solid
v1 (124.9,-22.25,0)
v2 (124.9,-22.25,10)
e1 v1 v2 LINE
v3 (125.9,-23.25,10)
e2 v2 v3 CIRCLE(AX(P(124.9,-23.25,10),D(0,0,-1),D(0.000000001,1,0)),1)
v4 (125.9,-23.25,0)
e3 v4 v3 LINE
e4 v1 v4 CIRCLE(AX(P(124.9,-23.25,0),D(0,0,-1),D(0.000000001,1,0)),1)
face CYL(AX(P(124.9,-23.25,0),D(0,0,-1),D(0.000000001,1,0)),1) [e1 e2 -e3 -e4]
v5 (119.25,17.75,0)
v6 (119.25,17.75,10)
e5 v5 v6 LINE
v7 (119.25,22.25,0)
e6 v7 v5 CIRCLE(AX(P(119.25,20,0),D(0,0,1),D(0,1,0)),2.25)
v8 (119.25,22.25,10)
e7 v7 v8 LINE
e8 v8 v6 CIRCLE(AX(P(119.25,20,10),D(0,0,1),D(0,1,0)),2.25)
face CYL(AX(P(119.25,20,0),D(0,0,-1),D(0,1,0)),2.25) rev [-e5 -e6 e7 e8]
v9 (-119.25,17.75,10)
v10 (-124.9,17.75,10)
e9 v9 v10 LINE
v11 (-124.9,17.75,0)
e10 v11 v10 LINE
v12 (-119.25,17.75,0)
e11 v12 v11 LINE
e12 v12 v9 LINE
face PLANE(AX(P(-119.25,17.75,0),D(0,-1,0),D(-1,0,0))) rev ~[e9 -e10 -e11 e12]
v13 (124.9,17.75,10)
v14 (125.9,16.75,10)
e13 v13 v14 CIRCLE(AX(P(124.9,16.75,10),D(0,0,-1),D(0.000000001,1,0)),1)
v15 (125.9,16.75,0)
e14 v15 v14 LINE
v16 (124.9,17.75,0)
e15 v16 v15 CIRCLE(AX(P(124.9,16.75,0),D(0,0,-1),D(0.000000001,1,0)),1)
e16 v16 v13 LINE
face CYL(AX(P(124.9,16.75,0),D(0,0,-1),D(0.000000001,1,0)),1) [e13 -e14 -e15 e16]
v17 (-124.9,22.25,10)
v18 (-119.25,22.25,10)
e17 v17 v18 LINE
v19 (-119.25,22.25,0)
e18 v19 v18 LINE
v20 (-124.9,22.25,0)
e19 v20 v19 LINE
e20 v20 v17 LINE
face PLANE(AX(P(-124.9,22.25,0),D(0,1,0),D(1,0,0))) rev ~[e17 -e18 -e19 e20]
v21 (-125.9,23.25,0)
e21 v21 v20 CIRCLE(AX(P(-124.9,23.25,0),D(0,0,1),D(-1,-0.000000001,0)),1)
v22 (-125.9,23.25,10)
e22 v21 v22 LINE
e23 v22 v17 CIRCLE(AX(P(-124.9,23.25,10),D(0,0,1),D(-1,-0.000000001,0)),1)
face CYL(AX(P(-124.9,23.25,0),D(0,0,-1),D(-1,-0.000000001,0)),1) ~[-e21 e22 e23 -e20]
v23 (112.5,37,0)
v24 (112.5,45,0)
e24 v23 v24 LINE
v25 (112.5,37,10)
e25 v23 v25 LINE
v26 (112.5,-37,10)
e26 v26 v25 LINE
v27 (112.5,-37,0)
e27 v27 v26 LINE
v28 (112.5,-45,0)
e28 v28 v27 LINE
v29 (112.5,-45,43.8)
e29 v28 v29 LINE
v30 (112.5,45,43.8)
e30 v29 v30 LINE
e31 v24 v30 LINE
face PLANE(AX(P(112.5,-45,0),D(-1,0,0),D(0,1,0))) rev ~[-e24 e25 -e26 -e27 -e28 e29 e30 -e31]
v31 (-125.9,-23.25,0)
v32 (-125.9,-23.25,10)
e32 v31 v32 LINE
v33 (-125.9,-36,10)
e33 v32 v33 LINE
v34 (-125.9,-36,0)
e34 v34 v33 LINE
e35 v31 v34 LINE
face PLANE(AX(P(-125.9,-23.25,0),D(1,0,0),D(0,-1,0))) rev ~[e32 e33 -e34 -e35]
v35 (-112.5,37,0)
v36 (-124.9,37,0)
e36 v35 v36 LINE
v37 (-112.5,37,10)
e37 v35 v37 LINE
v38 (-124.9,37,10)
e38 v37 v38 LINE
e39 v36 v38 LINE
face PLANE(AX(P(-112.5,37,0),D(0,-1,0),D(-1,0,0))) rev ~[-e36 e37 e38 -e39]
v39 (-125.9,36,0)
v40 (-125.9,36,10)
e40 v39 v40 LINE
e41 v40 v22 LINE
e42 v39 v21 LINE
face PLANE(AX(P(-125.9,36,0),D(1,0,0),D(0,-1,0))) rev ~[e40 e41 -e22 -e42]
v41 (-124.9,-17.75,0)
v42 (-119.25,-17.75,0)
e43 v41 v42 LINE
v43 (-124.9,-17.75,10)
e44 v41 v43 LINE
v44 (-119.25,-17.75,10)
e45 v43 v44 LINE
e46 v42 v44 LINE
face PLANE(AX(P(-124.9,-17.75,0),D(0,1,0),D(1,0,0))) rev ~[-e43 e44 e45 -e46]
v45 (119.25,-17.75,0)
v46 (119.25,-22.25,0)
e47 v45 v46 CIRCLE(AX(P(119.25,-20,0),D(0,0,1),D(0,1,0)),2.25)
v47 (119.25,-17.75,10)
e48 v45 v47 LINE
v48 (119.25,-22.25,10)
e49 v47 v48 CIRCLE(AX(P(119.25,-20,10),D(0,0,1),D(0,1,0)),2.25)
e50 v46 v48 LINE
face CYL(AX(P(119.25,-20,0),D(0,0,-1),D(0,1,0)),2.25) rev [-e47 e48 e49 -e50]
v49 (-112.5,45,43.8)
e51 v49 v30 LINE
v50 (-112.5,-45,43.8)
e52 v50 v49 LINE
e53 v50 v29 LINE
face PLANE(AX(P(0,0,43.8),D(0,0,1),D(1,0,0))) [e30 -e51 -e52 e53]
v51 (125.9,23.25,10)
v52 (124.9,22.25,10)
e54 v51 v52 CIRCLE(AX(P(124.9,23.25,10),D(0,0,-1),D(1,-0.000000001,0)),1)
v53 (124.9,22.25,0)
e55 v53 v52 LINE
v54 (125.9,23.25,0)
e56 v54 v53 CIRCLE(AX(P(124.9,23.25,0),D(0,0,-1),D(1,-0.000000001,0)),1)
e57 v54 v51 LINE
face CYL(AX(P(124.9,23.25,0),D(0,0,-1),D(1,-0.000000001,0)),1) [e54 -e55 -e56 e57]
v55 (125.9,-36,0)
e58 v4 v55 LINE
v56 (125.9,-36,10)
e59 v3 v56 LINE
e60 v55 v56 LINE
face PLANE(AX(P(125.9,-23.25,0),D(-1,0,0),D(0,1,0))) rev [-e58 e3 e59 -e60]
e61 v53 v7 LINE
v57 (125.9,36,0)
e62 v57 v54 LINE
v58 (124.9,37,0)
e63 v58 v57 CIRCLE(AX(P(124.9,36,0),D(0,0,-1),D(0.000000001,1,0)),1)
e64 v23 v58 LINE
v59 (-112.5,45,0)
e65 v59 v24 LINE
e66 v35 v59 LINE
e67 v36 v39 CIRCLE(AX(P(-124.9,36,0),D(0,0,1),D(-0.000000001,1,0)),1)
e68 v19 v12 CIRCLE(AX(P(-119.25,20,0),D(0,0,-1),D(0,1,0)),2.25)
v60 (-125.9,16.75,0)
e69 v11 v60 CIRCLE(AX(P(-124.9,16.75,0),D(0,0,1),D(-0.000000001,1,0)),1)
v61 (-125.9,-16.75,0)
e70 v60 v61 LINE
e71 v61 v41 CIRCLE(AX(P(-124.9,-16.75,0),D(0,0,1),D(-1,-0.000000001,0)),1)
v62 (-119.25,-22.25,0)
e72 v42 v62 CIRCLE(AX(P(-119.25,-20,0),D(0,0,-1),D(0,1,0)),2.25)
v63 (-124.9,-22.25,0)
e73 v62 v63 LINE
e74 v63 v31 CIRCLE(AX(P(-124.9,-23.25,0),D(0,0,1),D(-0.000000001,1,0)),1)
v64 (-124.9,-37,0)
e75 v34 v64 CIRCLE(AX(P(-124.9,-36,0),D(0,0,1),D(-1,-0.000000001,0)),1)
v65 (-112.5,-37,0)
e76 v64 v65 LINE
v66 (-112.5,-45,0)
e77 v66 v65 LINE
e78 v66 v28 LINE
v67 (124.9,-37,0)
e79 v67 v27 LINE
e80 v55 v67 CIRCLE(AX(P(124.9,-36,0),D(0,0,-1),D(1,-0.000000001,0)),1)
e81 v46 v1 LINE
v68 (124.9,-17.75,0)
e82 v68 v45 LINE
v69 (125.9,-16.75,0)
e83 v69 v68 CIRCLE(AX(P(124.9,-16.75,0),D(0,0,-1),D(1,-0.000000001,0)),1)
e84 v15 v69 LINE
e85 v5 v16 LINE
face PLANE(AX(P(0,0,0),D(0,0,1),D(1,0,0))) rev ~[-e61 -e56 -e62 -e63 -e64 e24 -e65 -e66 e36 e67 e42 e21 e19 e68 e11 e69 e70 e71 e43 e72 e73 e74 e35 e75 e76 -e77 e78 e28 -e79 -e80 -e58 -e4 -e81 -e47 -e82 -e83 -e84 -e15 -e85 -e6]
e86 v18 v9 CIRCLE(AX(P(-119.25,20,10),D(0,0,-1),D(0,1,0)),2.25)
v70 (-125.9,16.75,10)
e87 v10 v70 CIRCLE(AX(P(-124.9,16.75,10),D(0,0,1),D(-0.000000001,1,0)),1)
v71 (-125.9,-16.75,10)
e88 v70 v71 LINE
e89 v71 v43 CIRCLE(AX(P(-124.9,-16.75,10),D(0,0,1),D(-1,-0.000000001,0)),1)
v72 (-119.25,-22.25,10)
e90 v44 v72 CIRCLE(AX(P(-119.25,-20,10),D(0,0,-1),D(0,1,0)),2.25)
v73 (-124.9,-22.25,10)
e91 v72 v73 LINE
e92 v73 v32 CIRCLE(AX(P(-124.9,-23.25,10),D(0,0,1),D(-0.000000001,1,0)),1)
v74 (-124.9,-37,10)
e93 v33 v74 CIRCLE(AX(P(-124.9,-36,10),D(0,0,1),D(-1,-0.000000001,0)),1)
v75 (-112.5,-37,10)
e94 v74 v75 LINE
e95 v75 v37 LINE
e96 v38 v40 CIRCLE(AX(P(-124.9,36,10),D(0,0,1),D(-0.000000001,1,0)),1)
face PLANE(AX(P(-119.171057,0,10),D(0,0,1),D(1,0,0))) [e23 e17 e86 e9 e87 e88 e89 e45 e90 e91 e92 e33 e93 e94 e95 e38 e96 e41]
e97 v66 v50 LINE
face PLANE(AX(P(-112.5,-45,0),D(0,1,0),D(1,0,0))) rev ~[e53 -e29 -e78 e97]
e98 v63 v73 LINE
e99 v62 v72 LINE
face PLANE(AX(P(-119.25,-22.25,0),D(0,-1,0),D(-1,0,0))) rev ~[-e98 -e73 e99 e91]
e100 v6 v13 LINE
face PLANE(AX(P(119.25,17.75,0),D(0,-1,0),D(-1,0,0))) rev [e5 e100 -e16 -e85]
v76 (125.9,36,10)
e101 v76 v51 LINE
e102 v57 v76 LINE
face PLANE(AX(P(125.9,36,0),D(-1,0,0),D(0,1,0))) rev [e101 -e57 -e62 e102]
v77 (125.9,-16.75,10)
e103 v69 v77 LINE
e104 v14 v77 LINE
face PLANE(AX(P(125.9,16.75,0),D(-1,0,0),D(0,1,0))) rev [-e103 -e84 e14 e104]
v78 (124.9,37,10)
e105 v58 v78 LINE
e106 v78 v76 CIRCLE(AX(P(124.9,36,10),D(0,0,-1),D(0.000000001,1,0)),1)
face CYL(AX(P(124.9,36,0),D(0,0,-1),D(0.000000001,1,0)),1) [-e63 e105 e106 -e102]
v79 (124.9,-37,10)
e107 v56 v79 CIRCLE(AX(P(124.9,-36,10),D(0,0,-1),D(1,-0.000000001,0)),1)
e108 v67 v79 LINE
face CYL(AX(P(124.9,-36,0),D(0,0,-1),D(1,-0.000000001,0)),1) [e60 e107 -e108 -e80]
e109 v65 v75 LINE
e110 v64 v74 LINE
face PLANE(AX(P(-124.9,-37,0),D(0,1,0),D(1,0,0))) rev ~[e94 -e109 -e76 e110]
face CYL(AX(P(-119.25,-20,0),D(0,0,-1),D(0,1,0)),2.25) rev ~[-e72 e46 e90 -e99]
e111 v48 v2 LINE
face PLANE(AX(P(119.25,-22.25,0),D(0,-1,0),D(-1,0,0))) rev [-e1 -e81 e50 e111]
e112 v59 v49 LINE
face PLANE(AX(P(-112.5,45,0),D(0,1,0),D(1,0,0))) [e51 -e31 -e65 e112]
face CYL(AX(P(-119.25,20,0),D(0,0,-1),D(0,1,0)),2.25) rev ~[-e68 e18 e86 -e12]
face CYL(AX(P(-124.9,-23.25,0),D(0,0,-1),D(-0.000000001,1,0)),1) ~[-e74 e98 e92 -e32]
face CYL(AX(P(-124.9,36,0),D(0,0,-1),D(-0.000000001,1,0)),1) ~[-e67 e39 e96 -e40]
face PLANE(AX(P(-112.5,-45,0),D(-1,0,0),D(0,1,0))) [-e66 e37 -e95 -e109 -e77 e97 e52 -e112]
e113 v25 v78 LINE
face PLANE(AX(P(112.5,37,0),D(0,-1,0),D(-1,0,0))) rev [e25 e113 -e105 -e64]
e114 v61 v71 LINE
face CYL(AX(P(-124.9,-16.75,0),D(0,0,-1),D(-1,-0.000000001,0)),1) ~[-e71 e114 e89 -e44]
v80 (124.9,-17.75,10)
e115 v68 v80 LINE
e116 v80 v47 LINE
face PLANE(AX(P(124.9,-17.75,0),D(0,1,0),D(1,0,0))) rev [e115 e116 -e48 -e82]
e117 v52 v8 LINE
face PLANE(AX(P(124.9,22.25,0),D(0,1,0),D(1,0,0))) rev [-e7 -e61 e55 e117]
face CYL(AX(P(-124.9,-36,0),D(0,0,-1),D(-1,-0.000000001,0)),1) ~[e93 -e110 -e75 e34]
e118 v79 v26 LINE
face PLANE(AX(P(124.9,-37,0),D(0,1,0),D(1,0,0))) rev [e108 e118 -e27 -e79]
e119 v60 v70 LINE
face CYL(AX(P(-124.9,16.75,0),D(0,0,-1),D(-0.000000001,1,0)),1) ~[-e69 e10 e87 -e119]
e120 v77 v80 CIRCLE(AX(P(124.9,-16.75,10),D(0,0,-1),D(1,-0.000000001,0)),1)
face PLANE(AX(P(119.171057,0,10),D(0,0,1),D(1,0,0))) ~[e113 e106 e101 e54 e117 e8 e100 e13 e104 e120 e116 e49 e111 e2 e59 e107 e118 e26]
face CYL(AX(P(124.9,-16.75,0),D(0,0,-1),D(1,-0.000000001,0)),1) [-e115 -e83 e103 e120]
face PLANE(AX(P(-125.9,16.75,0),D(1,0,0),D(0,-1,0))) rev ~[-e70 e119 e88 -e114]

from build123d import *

# Parameters (mm, degrees)
SKETCH1_W           = 225
SKETCH1_H           = 90
BOSS_EXTRUDE1_DEPTH = 43.8
BOSS_EXTRUDE2_DEPTH = 10


with BuildPart() as part:
    # Sketch1 → Boss-Extrude1 (new body)
    with BuildSketch(Plane.XY):
        Rectangle(SKETCH1_W, SKETCH1_H)
    extrude(amount=BOSS_EXTRUDE1_DEPTH)

    # Sketch2 → Boss-Extrude2 (add)
    with BuildSketch(Plane.XY):
        with BuildLine():
            Line((-112.5, 37), (-124.9, 37))
            ThreePointArc((-124.9, 37), (-125.607106781, 36.707106781), (-125.9, 36))
            Line((-125.9, 36), (-125.9, 23.25))
            ThreePointArc((-125.9, 23.25), (-125.607106781, 22.542893219), (-124.9, 22.25))
            Line((-124.9, 22.25), (-119.25, 22.25))
            ThreePointArc((-119.25, 22.25), (-117, 20), (-119.25, 17.75))
            Line((-119.25, 17.75), (-124.9, 17.75))
            ThreePointArc((-124.9, 17.75), (-125.607106781, 17.457106781), (-125.9, 16.75))
            Line((-125.9, 16.75), (-125.9, -16.75))
            ThreePointArc((-125.9, -16.75), (-125.607106781, -17.457106781), (-124.9, -17.75))
            Line((-124.9, -17.75), (-119.25, -17.75))
            ThreePointArc((-119.25, -17.75), (-117, -20), (-119.25, -22.25))
            Line((-119.25, -22.25), (-124.9, -22.25))
            ThreePointArc((-124.9, -22.25), (-125.607106781, -22.542893219), (-125.9, -23.25))
            Line((-125.9, -23.25), (-125.9, -36))
            ThreePointArc((-125.9, -36), (-125.607106781, -36.707106781), (-124.9, -37))
            Line((-124.9, -37), (-112.5, -37))
            Line((-112.5, -37), (-112.5, 37))
        make_face()
    boss_extrude2 = extrude(amount=BOSS_EXTRUDE2_DEPTH)

    # Mirror1: Boss-Extrude2 across plane
    add(boss_extrude2.mirror(Plane(origin=(0, 0, 0), x_dir=(0, 0, 1), z_dir=(1, 0, 0))))


solid = part.part
